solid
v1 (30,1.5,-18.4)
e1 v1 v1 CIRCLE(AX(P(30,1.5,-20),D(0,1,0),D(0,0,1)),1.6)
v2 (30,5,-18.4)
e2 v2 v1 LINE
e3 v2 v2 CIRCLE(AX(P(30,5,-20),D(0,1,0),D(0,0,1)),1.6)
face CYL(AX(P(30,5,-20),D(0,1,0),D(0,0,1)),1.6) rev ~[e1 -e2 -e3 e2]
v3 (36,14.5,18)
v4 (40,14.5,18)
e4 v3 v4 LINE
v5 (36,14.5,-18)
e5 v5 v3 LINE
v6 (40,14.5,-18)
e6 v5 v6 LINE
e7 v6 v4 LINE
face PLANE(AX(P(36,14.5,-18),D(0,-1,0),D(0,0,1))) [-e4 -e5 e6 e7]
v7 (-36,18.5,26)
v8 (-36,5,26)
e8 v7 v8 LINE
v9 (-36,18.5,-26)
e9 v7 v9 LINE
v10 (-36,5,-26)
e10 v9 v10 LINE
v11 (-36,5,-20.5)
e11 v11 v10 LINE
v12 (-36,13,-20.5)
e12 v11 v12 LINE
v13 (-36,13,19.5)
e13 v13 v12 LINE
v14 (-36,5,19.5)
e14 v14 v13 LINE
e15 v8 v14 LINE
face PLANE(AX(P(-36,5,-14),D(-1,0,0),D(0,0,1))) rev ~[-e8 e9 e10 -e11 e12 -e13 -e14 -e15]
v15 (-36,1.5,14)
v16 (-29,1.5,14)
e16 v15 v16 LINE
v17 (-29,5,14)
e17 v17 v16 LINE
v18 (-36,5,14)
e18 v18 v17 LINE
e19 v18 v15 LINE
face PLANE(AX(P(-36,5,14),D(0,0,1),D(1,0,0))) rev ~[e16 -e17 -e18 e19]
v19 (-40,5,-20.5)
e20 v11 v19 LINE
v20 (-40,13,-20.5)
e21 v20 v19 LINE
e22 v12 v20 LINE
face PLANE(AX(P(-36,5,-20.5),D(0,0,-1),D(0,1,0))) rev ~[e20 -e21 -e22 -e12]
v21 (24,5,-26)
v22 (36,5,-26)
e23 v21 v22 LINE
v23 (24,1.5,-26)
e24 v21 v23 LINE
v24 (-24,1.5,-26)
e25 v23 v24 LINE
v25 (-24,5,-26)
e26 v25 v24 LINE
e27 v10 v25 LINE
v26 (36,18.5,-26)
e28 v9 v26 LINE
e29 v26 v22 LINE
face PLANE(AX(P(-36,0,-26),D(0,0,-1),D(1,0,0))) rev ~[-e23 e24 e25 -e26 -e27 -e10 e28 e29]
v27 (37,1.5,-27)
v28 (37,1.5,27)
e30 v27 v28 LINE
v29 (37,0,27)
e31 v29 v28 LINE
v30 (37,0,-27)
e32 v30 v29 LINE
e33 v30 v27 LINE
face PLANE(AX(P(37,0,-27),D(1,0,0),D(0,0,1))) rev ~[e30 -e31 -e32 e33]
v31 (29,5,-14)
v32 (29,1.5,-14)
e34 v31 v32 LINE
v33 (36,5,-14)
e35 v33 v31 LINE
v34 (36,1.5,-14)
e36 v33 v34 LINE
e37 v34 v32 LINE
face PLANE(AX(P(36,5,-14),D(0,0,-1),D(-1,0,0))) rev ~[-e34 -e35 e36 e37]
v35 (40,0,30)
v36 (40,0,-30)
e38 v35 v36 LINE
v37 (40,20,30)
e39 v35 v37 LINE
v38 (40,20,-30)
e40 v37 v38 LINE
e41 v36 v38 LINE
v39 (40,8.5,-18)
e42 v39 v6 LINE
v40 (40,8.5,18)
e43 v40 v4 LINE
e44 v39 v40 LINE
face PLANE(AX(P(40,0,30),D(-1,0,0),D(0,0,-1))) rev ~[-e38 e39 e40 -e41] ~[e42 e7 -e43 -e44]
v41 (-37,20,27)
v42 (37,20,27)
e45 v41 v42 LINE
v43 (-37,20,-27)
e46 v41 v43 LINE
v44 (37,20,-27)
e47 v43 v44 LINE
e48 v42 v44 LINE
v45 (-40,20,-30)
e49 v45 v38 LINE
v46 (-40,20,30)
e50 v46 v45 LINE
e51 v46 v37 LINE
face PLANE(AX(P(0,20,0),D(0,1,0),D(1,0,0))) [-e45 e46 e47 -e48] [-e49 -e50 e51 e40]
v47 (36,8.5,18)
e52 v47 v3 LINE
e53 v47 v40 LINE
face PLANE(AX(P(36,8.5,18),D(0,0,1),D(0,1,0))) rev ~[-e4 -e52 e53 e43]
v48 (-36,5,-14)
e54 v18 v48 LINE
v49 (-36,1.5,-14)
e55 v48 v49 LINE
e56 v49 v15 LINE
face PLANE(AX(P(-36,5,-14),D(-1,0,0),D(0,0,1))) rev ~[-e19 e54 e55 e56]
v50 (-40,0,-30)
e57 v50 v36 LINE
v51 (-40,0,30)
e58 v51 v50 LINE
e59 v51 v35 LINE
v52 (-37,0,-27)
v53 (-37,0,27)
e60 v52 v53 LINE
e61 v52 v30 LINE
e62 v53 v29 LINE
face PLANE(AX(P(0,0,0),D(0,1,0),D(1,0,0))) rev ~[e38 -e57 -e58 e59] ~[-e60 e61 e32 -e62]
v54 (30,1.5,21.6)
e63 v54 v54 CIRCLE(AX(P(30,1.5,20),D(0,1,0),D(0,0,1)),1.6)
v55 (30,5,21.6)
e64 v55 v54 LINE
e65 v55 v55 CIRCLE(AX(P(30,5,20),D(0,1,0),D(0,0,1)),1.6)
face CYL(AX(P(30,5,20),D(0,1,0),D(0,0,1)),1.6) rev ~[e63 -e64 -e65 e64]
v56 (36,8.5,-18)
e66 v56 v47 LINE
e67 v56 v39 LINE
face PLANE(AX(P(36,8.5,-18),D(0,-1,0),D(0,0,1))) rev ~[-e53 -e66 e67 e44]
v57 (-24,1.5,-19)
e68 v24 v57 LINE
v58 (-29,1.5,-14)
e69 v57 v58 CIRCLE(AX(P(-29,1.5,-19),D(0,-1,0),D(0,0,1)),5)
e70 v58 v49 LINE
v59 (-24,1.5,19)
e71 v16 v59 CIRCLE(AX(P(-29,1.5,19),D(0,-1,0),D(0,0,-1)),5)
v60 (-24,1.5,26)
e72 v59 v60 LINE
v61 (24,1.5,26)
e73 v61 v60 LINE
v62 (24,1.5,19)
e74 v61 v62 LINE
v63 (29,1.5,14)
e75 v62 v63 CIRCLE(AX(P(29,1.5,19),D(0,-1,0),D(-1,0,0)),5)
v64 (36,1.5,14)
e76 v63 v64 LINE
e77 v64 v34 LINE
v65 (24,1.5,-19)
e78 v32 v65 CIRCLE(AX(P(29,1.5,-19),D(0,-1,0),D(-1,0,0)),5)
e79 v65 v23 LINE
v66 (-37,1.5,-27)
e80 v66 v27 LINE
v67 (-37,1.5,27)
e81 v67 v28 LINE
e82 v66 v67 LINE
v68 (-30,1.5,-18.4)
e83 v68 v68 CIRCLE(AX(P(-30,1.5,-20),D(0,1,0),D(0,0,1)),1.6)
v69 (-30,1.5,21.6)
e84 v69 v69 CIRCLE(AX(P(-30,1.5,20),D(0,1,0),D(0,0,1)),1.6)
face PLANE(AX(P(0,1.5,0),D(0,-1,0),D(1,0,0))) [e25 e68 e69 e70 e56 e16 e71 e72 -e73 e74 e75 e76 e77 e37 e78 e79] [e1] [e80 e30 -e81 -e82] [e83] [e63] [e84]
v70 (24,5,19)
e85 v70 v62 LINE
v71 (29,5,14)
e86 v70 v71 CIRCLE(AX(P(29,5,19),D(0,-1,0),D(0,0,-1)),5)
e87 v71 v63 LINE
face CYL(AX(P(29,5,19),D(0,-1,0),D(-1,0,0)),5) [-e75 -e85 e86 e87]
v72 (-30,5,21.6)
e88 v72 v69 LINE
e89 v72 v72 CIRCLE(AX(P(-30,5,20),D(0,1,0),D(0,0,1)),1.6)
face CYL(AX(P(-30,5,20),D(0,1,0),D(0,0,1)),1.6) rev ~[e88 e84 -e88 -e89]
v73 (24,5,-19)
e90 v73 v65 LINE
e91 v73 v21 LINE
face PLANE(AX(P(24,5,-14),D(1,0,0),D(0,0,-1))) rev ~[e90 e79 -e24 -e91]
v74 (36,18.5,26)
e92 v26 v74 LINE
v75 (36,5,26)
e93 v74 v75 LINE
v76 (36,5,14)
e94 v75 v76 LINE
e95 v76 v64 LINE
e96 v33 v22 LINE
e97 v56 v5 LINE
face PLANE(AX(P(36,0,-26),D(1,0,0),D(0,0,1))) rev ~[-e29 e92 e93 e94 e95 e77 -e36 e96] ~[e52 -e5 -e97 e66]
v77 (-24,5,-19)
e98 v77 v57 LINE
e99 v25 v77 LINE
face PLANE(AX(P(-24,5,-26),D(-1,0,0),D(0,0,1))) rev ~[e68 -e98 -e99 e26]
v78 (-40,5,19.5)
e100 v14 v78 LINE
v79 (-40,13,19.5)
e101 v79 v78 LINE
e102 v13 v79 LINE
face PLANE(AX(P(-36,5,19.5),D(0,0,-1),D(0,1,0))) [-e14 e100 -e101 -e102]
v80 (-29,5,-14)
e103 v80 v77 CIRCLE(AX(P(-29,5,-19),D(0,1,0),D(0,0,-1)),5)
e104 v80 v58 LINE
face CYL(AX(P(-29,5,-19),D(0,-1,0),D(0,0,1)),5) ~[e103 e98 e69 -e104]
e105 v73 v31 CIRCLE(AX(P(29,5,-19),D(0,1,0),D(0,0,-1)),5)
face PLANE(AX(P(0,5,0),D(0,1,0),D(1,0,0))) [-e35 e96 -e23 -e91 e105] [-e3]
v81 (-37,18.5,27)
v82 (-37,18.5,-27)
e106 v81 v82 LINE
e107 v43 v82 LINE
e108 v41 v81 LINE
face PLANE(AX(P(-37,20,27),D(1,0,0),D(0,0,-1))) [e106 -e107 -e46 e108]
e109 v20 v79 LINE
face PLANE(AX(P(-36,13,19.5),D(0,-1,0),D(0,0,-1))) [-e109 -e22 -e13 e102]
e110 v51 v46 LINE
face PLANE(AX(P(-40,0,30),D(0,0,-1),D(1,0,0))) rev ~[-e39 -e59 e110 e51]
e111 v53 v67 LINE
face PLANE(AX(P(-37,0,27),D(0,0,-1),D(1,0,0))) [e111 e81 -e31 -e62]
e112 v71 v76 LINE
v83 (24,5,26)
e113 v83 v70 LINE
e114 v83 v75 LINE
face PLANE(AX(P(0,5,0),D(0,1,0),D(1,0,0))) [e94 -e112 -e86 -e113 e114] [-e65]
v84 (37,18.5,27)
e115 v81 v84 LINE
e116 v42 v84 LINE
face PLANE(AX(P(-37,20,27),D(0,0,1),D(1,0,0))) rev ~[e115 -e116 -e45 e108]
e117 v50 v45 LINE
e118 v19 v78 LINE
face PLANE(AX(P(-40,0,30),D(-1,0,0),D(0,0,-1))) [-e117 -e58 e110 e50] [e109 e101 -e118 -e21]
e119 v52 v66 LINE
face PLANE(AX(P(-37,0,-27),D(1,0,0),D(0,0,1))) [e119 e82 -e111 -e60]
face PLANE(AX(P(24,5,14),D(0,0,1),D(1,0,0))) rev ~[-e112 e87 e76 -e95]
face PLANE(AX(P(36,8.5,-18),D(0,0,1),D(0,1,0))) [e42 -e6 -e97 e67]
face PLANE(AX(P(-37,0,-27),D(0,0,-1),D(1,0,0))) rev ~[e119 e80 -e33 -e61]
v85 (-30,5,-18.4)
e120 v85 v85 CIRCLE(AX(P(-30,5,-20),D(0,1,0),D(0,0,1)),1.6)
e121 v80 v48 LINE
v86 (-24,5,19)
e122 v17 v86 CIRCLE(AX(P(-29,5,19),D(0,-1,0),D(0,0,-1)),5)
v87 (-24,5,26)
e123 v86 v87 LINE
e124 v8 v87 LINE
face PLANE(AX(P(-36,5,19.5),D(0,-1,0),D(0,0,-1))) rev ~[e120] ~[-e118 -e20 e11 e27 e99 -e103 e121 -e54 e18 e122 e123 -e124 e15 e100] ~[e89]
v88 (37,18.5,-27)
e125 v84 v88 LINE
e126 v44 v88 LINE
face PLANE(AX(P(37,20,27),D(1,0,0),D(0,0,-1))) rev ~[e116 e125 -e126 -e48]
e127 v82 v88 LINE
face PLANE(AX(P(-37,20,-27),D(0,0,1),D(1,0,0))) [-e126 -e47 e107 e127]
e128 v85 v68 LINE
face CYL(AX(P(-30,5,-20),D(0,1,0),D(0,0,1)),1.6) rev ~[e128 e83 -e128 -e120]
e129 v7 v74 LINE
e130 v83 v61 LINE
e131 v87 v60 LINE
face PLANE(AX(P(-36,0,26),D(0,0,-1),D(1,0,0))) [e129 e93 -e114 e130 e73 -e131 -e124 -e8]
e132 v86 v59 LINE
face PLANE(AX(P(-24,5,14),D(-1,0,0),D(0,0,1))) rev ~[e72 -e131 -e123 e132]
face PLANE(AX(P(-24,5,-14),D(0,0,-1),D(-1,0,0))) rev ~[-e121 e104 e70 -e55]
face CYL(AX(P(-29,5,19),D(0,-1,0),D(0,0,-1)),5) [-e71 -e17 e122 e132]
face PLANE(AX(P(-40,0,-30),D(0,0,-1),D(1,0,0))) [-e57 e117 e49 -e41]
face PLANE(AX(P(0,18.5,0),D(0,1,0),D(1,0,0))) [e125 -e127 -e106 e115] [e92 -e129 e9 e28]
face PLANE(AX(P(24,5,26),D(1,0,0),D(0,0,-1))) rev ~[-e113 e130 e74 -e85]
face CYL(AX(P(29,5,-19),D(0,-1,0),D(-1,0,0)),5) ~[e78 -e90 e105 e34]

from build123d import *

# Parameters (mm, degrees)
SKETCH_1_W                  = 80
SKETCH_1_H                  = 60
EXTRUDE_1_DEPTH             = 20
SKETCH_2_W                  = 72
SKETCH_2_H                  = 52
CUT_EXTRUDE_1_DEPTH         = 15
CUT_EXTRUDE_2_DEPTH         = 53.201532545
SKETCH_4_R                  = 1.6
CUT_EXTRUDE_3_DEPTH         = 53.201532545
PATTERN_LINEAR_1_COUNT      = 2
PATTERN_LINEAR_1_PITCH      = 60
PATTERN_LINEAR_1_COUNT_DIR2 = 2
PATTERN_LINEAR_1_PITCH_DIR2 = 40
FILLET_1_R                  = 5
SKETCH_5_W                  = 72
SKETCH_5_H                  = 52
CUT_EXTRUDE_4_DEPTH         = 1.5
SKETCH_6_W                  = 40
SKETCH_6_H                  = 8
CUT_EXTRUDE_7_DEPTH         = 85.118963379
SKETCH_7_W                  = 36
SKETCH_7_H                  = 6
CUT_EXTRUDE_8_DEPTH         = 85.118963379
SKETCH_8_W                  = 74
SKETCH_8_H                  = 54
CUT_EXTRUDE_9_DEPTH         = 1.5
SKETCH_9_W                  = 74
SKETCH_9_H                  = 54
CUT_EXTRUDE_10_DEPTH        = 1.5


with BuildPart() as part:
    # 草图1 → 凸台-拉伸1 (new body)
    with BuildSketch(Plane(origin=(0, 0, 0), x_dir=(1, 0, 0), z_dir=(0, 1, 0))):
        Rectangle(SKETCH_1_W, SKETCH_1_H)
    extrude(amount=EXTRUDE_1_DEPTH)

    # 草图2 → 切除-拉伸1 (cut)
    with BuildSketch(Plane(origin=(0, 20, 0), x_dir=(1, 0, 0), z_dir=(0, 1, 0))):
        Rectangle(SKETCH_2_W, SKETCH_2_H)
    extrude(amount=-CUT_EXTRUDE_1_DEPTH, mode=Mode.SUBTRACT)

    # 草图3 → 切除-拉伸2 (cut, through all)
    with BuildSketch(Plane(origin=(0, 5, 0), x_dir=(1, 0, 0), z_dir=(0, 1, 0))):
        Polygon((-24, 14), (-36, 14), (-36, -14), (-24, -14), (-24, -26), (24, -26), (24, -14), (36, -14), (36, 14), (24, 14), (24, 26), (-24, 26), align=None)
    extrude(amount=-CUT_EXTRUDE_2_DEPTH, mode=Mode.SUBTRACT)

    # 草图4 → 切除-拉伸3 (cut, through all)
    with BuildSketch(Plane(origin=(0, 5, 0), x_dir=(1, 0, 0), z_dir=(0, 1, 0))):
        with Locations(Location((-30, 20, 0), (0, 0, 270))):
            Circle(SKETCH_4_R)
    cut_extrude_3 = extrude(amount=-CUT_EXTRUDE_3_DEPTH, mode=Mode.SUBTRACT)

    # 阵列(线性)1: Cut-Extrude 3 2 × 2
    with Locations(*[(i * PATTERN_LINEAR_1_PITCH, 0, j * PATTERN_LINEAR_1_PITCH_DIR2) for i in range(PATTERN_LINEAR_1_COUNT) for j in range(PATTERN_LINEAR_1_COUNT_DIR2) if (i, j) != (0, 0)]):
        add(cut_extrude_3, mode=Mode.SUBTRACT)

    # 圆角1
    fillet_1_edges = [part.edges().sort_by_distance(p)[0] for p in [
        (-24, 2.5, -14),
        (24, 2.5, -14),
        (24, 2.5, 14),
        (-24, 2.5, 14),
    ]]
    fillet(fillet_1_edges, radius=FILLET_1_R)

    # 草图5 → 切除-拉伸4 (cut)
    with BuildSketch(Plane.XZ):
        Rectangle(SKETCH_5_W, SKETCH_5_H)
    extrude(amount=-CUT_EXTRUDE_4_DEPTH, mode=Mode.SUBTRACT)

    # 草图6 → 切除-拉伸7 (cut, through all)
    with BuildSketch(Plane(origin=(-36, 0, 0), x_dir=(0, 0, -1), z_dir=(1, 0, 0))):
        with Locations((0.5, 9)):
            Rectangle(SKETCH_6_W, SKETCH_6_H)
    extrude(amount=-CUT_EXTRUDE_7_DEPTH, mode=Mode.SUBTRACT)

    # 草图7 → 切除-拉伸8 (cut, through all)
    with BuildSketch(Plane.ZY.offset(-36)):
        with Locations((0, 11.5)):
            Rectangle(SKETCH_7_W, SKETCH_7_H)
    extrude(amount=-CUT_EXTRUDE_8_DEPTH, mode=Mode.SUBTRACT)

    # 草图8 → 切除-拉伸9 (cut)
    with BuildSketch(Plane(origin=(0, 20, 0), x_dir=(1, 0, 0), z_dir=(0, 1, 0))):
        Rectangle(SKETCH_8_W, SKETCH_8_H)
    extrude(amount=-CUT_EXTRUDE_9_DEPTH, mode=Mode.SUBTRACT)

    # 草图9 → 切除-拉伸10 (cut)
    with BuildSketch(Plane.XZ):
        Rectangle(SKETCH_9_W, SKETCH_9_H)
    extrude(amount=-CUT_EXTRUDE_10_DEPTH, mode=Mode.SUBTRACT)


solid = part.part
